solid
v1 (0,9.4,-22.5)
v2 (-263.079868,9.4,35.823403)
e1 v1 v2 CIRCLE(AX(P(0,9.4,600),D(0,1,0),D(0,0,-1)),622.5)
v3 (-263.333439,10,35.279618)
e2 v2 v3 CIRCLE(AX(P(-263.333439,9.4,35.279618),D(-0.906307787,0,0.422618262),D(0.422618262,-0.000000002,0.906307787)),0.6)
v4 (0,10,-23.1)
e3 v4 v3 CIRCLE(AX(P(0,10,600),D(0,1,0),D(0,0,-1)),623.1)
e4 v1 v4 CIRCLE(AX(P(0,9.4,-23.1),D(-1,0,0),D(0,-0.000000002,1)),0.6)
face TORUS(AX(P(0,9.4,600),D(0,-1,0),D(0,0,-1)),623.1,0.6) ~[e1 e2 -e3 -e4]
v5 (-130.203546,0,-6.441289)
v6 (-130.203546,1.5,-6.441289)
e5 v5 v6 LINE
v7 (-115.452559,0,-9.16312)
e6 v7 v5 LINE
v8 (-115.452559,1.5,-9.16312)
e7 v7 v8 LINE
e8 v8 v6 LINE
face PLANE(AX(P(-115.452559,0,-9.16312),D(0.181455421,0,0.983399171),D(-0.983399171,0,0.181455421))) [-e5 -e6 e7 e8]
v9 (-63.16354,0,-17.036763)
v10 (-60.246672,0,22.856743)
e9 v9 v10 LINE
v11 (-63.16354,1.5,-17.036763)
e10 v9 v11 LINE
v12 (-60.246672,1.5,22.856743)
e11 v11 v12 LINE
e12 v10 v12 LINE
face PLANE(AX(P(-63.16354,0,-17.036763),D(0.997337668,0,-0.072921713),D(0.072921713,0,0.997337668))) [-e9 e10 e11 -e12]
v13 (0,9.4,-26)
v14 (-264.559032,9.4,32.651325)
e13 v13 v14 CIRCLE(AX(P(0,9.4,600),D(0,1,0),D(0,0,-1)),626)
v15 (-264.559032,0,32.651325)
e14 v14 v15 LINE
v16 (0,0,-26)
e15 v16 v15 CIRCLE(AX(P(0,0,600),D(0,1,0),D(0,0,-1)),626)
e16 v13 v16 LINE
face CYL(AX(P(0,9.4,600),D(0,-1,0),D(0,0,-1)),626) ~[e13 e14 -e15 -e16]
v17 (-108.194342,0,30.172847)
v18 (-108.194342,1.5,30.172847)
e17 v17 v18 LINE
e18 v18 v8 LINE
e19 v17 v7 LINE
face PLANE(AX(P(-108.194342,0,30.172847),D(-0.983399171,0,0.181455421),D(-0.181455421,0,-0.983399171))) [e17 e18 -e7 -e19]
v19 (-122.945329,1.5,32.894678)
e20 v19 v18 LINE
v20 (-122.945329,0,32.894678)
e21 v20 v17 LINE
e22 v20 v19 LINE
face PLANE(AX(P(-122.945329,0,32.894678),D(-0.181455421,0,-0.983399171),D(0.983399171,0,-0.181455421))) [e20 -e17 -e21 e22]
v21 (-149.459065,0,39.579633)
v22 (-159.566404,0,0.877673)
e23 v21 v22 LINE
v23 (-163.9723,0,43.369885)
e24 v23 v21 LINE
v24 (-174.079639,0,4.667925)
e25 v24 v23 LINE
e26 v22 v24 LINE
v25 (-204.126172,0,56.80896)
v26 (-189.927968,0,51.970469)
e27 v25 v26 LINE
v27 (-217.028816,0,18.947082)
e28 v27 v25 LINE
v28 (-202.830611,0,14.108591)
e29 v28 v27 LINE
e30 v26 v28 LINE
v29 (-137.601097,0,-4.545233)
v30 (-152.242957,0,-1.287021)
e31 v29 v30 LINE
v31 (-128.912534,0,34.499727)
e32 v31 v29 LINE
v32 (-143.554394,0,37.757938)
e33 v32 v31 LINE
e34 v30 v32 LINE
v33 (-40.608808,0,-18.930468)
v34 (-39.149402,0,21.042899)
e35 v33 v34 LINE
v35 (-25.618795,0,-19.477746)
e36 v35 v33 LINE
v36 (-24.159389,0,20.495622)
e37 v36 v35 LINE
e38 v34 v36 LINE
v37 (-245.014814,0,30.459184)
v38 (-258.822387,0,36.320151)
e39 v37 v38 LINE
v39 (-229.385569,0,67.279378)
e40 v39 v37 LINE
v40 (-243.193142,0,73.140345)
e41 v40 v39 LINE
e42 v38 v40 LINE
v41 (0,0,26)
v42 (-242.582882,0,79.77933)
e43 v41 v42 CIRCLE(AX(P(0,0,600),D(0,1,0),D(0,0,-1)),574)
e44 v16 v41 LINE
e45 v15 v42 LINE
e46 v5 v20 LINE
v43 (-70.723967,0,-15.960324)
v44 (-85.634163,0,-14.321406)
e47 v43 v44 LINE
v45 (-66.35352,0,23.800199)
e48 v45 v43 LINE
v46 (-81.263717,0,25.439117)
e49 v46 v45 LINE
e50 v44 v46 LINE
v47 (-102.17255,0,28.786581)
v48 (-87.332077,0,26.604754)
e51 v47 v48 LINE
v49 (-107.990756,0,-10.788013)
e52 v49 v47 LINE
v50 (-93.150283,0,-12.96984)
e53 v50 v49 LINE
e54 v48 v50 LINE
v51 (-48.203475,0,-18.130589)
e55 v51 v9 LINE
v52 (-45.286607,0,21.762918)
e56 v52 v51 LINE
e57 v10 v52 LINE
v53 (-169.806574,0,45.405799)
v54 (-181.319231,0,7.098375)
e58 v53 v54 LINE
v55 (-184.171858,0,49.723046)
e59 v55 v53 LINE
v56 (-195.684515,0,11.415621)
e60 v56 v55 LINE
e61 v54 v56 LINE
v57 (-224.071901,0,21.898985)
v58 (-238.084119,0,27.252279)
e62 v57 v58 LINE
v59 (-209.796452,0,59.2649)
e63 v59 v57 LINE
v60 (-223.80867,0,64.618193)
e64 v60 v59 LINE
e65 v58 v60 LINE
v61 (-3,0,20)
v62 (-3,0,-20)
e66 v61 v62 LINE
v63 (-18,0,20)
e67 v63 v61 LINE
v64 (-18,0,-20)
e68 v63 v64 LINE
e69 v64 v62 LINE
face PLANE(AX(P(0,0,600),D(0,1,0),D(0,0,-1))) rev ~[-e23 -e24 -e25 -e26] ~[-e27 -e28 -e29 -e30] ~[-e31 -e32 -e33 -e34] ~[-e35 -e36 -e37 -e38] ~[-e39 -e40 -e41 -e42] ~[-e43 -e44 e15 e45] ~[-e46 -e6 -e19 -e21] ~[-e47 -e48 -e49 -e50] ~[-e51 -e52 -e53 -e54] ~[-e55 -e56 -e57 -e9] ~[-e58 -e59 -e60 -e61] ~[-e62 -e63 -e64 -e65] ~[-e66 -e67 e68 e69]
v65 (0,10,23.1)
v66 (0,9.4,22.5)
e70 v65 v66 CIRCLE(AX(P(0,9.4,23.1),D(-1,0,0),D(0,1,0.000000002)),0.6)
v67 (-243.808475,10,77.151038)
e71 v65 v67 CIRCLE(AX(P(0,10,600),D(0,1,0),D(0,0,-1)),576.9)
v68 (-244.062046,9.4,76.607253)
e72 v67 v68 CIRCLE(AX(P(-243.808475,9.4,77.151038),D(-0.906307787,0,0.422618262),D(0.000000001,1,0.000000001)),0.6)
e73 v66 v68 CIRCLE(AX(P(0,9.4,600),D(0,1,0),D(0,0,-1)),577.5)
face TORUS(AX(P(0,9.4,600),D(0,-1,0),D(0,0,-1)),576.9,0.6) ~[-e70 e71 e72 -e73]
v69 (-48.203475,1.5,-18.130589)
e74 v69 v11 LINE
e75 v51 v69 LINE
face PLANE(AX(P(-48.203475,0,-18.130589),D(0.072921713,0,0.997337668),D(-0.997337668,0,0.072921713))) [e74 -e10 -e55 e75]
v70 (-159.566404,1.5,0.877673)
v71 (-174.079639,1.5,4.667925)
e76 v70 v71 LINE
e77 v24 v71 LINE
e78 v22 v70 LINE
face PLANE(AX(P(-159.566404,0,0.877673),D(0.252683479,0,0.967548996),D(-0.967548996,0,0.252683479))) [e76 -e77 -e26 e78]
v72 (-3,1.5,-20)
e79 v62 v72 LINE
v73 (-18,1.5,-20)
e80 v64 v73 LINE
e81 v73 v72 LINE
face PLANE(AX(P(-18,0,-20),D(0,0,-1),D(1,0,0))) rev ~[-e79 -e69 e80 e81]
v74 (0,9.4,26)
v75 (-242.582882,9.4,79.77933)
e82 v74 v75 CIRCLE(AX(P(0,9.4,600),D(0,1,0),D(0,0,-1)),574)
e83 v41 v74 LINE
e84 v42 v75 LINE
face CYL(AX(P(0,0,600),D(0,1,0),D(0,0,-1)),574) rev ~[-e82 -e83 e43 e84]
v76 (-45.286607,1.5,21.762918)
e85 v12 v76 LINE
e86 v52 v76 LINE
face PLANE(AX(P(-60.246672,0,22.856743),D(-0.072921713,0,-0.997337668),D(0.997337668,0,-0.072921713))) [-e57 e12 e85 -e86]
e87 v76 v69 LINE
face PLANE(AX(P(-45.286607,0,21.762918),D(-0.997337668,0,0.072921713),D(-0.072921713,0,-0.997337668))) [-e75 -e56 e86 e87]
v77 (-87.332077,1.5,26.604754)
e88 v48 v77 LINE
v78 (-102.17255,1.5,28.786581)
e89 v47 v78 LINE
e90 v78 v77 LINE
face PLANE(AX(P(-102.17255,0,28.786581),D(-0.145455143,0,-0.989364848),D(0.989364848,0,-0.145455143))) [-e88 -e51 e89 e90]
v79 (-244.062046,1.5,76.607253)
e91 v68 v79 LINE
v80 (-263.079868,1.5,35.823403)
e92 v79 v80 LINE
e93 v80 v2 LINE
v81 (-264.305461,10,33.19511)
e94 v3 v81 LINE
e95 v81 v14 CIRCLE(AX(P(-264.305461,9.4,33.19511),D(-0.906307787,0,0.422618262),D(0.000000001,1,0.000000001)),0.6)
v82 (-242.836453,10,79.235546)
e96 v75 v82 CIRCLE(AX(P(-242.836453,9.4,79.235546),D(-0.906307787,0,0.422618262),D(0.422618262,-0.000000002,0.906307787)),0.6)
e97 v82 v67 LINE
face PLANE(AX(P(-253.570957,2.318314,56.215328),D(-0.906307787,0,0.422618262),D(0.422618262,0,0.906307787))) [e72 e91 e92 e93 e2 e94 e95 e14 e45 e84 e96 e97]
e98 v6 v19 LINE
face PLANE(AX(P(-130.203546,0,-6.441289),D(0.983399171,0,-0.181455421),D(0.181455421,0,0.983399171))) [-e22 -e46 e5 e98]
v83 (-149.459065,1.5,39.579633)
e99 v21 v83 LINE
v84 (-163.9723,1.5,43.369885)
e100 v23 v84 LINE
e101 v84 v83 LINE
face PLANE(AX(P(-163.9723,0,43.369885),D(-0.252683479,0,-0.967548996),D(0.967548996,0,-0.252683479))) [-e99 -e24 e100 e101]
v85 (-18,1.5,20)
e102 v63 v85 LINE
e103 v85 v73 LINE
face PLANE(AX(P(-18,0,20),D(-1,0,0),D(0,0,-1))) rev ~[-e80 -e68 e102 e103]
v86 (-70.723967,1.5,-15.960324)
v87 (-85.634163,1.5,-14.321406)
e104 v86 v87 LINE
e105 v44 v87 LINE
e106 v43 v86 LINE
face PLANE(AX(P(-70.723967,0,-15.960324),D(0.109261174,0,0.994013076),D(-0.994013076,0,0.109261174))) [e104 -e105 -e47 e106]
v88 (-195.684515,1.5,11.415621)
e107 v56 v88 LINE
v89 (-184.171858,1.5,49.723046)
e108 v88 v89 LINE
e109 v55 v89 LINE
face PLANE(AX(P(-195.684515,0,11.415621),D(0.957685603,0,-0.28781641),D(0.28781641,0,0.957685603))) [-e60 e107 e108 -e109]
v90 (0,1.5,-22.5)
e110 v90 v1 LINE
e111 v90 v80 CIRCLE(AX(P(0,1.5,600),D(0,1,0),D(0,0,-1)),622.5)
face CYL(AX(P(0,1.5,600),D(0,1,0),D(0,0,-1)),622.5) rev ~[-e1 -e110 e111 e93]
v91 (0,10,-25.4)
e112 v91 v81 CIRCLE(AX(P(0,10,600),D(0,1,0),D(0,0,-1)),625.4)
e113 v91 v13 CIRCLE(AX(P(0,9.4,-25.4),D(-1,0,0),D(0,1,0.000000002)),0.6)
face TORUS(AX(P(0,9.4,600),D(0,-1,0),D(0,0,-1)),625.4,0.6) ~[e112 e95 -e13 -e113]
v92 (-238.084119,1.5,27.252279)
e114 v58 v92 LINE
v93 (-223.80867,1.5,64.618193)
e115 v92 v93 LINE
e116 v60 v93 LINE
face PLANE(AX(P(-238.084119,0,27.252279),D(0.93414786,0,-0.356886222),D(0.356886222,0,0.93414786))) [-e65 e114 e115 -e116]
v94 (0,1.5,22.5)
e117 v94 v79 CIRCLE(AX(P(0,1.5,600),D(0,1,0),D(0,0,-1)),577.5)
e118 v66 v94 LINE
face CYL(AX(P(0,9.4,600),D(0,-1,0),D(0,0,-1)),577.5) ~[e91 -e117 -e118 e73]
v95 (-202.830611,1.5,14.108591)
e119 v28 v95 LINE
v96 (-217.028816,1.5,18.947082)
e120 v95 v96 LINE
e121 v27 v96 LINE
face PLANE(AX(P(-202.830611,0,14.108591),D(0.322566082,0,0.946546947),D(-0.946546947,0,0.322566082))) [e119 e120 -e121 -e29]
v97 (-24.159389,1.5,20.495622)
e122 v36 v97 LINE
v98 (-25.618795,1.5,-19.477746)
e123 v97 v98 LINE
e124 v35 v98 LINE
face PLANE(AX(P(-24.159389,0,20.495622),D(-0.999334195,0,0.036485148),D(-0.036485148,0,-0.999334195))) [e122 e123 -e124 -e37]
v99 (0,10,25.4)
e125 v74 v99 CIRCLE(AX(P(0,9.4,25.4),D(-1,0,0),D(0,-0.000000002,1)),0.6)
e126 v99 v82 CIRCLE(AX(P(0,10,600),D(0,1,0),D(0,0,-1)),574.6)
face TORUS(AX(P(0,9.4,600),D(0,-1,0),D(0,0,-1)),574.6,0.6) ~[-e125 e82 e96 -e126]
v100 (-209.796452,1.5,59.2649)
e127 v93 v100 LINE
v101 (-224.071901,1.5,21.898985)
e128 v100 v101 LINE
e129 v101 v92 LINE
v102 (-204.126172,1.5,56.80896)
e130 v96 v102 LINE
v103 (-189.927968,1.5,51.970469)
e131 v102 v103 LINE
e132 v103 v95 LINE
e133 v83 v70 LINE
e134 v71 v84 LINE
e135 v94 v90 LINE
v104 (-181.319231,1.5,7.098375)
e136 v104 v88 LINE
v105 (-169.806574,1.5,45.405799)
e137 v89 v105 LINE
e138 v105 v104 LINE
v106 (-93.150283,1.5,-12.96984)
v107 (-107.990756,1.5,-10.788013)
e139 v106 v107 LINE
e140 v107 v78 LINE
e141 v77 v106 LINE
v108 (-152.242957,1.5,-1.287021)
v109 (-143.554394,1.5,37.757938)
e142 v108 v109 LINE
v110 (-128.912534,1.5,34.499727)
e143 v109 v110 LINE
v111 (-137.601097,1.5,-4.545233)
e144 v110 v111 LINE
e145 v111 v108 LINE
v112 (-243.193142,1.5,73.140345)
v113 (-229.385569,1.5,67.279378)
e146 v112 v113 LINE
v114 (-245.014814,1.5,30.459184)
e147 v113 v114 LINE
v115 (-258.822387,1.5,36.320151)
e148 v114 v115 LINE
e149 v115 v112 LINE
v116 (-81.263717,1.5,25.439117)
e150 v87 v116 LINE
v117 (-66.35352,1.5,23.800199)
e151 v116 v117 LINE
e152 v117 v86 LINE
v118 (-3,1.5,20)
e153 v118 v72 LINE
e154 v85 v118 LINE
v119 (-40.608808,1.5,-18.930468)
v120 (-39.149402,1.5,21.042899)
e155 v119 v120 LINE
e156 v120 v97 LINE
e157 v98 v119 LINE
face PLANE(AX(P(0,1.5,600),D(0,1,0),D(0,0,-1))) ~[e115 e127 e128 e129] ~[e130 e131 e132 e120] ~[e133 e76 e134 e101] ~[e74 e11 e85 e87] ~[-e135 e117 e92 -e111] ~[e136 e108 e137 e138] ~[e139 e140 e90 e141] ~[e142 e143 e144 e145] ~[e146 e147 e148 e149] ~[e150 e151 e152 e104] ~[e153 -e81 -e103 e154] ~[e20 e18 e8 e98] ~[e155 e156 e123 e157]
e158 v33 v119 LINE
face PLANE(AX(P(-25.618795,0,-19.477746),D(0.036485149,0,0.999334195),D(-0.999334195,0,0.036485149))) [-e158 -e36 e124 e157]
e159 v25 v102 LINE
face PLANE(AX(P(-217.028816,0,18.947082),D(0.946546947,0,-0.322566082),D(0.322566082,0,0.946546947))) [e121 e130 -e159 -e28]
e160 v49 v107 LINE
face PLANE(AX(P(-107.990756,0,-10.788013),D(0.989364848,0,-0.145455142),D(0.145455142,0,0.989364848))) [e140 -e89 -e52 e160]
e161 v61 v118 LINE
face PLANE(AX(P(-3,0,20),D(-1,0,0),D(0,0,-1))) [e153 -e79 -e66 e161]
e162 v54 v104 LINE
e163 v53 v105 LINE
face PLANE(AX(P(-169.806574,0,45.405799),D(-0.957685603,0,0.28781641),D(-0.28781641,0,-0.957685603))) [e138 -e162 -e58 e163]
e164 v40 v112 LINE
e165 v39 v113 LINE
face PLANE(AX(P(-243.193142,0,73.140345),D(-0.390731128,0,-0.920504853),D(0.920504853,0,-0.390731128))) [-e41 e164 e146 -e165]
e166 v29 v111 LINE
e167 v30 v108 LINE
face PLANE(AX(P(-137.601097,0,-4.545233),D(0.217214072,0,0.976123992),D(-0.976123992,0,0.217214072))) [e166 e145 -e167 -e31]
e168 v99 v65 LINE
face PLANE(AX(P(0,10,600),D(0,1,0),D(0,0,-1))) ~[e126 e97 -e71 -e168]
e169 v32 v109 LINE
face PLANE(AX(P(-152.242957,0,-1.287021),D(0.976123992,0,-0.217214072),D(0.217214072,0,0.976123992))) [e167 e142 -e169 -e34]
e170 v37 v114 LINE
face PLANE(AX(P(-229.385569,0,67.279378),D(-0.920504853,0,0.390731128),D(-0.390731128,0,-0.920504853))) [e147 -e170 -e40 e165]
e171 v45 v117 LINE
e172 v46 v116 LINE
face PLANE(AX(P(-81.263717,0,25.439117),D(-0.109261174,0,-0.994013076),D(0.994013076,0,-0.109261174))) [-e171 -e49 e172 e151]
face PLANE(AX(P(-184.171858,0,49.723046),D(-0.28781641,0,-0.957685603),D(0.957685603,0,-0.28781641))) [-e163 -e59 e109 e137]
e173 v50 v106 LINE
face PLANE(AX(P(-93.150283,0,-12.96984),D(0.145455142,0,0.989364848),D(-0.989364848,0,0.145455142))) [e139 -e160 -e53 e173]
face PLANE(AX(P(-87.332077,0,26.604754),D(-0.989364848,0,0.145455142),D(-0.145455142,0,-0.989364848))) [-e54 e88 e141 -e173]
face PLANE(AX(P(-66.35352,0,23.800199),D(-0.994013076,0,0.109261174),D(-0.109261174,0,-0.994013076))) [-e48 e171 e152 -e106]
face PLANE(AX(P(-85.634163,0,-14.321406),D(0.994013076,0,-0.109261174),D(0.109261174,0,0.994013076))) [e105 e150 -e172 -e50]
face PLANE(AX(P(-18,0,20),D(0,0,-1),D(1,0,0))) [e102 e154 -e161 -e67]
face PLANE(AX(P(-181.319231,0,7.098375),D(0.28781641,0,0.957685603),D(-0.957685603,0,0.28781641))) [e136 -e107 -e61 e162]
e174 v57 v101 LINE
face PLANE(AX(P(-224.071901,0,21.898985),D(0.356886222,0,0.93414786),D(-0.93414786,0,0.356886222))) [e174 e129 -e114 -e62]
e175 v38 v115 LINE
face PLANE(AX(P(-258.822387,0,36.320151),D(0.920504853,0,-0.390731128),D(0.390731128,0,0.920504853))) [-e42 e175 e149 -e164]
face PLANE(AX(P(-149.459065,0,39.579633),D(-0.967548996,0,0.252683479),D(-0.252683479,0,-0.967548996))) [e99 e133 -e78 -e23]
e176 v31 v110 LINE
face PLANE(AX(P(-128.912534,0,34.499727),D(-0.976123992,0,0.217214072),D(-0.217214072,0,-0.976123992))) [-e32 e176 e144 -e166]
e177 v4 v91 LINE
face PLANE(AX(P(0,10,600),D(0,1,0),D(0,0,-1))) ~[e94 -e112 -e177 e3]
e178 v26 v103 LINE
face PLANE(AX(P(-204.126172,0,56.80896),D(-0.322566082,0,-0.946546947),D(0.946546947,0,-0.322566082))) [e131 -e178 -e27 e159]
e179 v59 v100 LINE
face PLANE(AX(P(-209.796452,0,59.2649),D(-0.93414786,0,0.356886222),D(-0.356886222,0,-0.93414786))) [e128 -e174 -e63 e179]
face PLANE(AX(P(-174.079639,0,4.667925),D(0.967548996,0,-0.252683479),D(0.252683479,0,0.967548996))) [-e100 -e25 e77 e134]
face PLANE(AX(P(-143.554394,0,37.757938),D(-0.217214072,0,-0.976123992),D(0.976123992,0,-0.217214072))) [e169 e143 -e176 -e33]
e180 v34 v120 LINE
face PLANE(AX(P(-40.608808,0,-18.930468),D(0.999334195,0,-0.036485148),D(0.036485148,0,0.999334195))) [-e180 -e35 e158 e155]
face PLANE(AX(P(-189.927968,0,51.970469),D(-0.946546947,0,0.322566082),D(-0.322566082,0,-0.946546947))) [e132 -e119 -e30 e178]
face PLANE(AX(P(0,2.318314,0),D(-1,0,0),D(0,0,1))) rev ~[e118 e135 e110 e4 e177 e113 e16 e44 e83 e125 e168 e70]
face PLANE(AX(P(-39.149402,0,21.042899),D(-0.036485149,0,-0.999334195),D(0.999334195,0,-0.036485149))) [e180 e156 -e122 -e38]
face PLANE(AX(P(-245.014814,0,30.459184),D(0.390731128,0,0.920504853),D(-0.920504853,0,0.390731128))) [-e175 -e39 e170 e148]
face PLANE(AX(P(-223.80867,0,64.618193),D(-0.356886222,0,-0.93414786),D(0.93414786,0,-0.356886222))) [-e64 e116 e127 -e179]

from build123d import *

# Parameters (mm, degrees)
REVOLVE1_ANGLE     = 25
SKETCH4_W          = 15
SKETCH4_H          = 40
CUT_EXTRUDE3_DEPTH = 10


with BuildPart() as part:
    # Sketch1 → Revolve1 (revolve)
    with BuildSketch(Plane(origin=(0, 0, 0), x_dir=(0, 0, -1), z_dir=(1, 0, 0))):
        with BuildLine():
            ThreePointArc((22.5, 9.4), (22.675735931, 9.824264069), (23.1, 10))
            Line((23.1, 10), (25.4, 10))
            ThreePointArc((25.4, 10), (25.824264069, 9.824264069), (26, 9.4))
            Line((26, 9.4), (26, 0))
            Line((26, 0), (-26, 0))
            Line((-26, 0), (-26, 9.4))
            ThreePointArc((-26, 9.4), (-25.824264069, 9.824264069), (-25.4, 10))
            Line((-25.4, 10), (-23.1, 10))
            ThreePointArc((-23.1, 10), (-22.675735931, 9.824264069), (-22.5, 9.4))
            Line((-22.5, 9.4), (-22.5, 1.5))
            Line((-22.5, 1.5), (22.5, 1.5))
            Line((22.5, 1.5), (22.5, 9.4))
        make_face()
    revolve(axis=Axis((0, -3.326119583, 600), (0, 1, 0)), revolution_arc=REVOLVE1_ANGLE)

    # Sketch4 → Cut-Extrude3 (cut)
    with BuildSketch(Plane(origin=(0, 0, 0), x_dir=(1, 0, 0), z_dir=(0, 1, 0))):
        with Locations((-10.5, 0)):
            Rectangle(SKETCH4_W, SKETCH4_H)
        Polygon((-40.608807593, 18.930468426), (-39.149401653, -21.042899387), (-24.159388723, -20.495622159), (-25.618794663, 19.477745654), align=None)
        Polygon((-63.163540118, 17.036763248), (-60.246671595, -22.856743467), (-45.286606577, -21.762917771), (-48.2034751, 18.130588944), align=None)
        Polygon((-85.634163481, 14.321406142), (-81.263716507, -25.439116908), (-66.353520363, -23.800199292), (-70.723967338, 15.960323758), align=None)
        Polygon((-107.990755592, 10.788012904), (-102.172549893, -28.786580998), (-87.33207718, -26.60475386), (-93.150282879, 12.969840041), align=None)
        Polygon((-130.203546201, 6.441288631), (-122.945329355, -32.894678221), (-108.194341785, -30.172846904), (-115.452558632, 9.163119949), align=None)
        Polygon((-152.24295655, 1.287021464), (-143.554393666, -37.757938198), (-128.912533793, -34.499727117), (-137.601096677, 4.545232545), align=None)
        Polygon((-174.079638754, -4.667925128), (-163.972299604, -43.369884966), (-149.459064664, -39.579632785), (-159.566403814, -0.877672947), align=None)
        Polygon((-195.684514881, -11.415621482), (-184.171858492, -49.723045604), (-169.806574446, -45.405799458), (-181.319230835, -7.098375336), align=None)
        Polygon((-217.028815677, -18.947082302), (-204.126172411, -56.808960184), (-189.927968205, -51.970468959), (-202.830611472, -14.108591077), align=None)
        Polygon((-238.084118872, -27.252278624), (-223.808670008, -64.618193035), (-209.796452104, -59.264899711), (-224.071900968, -21.8989853), align=None)
        Polygon((-258.822387025, -36.320151172), (-243.193141886, -73.14034531), (-229.385569084, -67.279378383), (-245.014814224, -30.459184245), align=None)
    extrude(amount=CUT_EXTRUDE3_DEPTH, mode=Mode.SUBTRACT)


solid = part.part
